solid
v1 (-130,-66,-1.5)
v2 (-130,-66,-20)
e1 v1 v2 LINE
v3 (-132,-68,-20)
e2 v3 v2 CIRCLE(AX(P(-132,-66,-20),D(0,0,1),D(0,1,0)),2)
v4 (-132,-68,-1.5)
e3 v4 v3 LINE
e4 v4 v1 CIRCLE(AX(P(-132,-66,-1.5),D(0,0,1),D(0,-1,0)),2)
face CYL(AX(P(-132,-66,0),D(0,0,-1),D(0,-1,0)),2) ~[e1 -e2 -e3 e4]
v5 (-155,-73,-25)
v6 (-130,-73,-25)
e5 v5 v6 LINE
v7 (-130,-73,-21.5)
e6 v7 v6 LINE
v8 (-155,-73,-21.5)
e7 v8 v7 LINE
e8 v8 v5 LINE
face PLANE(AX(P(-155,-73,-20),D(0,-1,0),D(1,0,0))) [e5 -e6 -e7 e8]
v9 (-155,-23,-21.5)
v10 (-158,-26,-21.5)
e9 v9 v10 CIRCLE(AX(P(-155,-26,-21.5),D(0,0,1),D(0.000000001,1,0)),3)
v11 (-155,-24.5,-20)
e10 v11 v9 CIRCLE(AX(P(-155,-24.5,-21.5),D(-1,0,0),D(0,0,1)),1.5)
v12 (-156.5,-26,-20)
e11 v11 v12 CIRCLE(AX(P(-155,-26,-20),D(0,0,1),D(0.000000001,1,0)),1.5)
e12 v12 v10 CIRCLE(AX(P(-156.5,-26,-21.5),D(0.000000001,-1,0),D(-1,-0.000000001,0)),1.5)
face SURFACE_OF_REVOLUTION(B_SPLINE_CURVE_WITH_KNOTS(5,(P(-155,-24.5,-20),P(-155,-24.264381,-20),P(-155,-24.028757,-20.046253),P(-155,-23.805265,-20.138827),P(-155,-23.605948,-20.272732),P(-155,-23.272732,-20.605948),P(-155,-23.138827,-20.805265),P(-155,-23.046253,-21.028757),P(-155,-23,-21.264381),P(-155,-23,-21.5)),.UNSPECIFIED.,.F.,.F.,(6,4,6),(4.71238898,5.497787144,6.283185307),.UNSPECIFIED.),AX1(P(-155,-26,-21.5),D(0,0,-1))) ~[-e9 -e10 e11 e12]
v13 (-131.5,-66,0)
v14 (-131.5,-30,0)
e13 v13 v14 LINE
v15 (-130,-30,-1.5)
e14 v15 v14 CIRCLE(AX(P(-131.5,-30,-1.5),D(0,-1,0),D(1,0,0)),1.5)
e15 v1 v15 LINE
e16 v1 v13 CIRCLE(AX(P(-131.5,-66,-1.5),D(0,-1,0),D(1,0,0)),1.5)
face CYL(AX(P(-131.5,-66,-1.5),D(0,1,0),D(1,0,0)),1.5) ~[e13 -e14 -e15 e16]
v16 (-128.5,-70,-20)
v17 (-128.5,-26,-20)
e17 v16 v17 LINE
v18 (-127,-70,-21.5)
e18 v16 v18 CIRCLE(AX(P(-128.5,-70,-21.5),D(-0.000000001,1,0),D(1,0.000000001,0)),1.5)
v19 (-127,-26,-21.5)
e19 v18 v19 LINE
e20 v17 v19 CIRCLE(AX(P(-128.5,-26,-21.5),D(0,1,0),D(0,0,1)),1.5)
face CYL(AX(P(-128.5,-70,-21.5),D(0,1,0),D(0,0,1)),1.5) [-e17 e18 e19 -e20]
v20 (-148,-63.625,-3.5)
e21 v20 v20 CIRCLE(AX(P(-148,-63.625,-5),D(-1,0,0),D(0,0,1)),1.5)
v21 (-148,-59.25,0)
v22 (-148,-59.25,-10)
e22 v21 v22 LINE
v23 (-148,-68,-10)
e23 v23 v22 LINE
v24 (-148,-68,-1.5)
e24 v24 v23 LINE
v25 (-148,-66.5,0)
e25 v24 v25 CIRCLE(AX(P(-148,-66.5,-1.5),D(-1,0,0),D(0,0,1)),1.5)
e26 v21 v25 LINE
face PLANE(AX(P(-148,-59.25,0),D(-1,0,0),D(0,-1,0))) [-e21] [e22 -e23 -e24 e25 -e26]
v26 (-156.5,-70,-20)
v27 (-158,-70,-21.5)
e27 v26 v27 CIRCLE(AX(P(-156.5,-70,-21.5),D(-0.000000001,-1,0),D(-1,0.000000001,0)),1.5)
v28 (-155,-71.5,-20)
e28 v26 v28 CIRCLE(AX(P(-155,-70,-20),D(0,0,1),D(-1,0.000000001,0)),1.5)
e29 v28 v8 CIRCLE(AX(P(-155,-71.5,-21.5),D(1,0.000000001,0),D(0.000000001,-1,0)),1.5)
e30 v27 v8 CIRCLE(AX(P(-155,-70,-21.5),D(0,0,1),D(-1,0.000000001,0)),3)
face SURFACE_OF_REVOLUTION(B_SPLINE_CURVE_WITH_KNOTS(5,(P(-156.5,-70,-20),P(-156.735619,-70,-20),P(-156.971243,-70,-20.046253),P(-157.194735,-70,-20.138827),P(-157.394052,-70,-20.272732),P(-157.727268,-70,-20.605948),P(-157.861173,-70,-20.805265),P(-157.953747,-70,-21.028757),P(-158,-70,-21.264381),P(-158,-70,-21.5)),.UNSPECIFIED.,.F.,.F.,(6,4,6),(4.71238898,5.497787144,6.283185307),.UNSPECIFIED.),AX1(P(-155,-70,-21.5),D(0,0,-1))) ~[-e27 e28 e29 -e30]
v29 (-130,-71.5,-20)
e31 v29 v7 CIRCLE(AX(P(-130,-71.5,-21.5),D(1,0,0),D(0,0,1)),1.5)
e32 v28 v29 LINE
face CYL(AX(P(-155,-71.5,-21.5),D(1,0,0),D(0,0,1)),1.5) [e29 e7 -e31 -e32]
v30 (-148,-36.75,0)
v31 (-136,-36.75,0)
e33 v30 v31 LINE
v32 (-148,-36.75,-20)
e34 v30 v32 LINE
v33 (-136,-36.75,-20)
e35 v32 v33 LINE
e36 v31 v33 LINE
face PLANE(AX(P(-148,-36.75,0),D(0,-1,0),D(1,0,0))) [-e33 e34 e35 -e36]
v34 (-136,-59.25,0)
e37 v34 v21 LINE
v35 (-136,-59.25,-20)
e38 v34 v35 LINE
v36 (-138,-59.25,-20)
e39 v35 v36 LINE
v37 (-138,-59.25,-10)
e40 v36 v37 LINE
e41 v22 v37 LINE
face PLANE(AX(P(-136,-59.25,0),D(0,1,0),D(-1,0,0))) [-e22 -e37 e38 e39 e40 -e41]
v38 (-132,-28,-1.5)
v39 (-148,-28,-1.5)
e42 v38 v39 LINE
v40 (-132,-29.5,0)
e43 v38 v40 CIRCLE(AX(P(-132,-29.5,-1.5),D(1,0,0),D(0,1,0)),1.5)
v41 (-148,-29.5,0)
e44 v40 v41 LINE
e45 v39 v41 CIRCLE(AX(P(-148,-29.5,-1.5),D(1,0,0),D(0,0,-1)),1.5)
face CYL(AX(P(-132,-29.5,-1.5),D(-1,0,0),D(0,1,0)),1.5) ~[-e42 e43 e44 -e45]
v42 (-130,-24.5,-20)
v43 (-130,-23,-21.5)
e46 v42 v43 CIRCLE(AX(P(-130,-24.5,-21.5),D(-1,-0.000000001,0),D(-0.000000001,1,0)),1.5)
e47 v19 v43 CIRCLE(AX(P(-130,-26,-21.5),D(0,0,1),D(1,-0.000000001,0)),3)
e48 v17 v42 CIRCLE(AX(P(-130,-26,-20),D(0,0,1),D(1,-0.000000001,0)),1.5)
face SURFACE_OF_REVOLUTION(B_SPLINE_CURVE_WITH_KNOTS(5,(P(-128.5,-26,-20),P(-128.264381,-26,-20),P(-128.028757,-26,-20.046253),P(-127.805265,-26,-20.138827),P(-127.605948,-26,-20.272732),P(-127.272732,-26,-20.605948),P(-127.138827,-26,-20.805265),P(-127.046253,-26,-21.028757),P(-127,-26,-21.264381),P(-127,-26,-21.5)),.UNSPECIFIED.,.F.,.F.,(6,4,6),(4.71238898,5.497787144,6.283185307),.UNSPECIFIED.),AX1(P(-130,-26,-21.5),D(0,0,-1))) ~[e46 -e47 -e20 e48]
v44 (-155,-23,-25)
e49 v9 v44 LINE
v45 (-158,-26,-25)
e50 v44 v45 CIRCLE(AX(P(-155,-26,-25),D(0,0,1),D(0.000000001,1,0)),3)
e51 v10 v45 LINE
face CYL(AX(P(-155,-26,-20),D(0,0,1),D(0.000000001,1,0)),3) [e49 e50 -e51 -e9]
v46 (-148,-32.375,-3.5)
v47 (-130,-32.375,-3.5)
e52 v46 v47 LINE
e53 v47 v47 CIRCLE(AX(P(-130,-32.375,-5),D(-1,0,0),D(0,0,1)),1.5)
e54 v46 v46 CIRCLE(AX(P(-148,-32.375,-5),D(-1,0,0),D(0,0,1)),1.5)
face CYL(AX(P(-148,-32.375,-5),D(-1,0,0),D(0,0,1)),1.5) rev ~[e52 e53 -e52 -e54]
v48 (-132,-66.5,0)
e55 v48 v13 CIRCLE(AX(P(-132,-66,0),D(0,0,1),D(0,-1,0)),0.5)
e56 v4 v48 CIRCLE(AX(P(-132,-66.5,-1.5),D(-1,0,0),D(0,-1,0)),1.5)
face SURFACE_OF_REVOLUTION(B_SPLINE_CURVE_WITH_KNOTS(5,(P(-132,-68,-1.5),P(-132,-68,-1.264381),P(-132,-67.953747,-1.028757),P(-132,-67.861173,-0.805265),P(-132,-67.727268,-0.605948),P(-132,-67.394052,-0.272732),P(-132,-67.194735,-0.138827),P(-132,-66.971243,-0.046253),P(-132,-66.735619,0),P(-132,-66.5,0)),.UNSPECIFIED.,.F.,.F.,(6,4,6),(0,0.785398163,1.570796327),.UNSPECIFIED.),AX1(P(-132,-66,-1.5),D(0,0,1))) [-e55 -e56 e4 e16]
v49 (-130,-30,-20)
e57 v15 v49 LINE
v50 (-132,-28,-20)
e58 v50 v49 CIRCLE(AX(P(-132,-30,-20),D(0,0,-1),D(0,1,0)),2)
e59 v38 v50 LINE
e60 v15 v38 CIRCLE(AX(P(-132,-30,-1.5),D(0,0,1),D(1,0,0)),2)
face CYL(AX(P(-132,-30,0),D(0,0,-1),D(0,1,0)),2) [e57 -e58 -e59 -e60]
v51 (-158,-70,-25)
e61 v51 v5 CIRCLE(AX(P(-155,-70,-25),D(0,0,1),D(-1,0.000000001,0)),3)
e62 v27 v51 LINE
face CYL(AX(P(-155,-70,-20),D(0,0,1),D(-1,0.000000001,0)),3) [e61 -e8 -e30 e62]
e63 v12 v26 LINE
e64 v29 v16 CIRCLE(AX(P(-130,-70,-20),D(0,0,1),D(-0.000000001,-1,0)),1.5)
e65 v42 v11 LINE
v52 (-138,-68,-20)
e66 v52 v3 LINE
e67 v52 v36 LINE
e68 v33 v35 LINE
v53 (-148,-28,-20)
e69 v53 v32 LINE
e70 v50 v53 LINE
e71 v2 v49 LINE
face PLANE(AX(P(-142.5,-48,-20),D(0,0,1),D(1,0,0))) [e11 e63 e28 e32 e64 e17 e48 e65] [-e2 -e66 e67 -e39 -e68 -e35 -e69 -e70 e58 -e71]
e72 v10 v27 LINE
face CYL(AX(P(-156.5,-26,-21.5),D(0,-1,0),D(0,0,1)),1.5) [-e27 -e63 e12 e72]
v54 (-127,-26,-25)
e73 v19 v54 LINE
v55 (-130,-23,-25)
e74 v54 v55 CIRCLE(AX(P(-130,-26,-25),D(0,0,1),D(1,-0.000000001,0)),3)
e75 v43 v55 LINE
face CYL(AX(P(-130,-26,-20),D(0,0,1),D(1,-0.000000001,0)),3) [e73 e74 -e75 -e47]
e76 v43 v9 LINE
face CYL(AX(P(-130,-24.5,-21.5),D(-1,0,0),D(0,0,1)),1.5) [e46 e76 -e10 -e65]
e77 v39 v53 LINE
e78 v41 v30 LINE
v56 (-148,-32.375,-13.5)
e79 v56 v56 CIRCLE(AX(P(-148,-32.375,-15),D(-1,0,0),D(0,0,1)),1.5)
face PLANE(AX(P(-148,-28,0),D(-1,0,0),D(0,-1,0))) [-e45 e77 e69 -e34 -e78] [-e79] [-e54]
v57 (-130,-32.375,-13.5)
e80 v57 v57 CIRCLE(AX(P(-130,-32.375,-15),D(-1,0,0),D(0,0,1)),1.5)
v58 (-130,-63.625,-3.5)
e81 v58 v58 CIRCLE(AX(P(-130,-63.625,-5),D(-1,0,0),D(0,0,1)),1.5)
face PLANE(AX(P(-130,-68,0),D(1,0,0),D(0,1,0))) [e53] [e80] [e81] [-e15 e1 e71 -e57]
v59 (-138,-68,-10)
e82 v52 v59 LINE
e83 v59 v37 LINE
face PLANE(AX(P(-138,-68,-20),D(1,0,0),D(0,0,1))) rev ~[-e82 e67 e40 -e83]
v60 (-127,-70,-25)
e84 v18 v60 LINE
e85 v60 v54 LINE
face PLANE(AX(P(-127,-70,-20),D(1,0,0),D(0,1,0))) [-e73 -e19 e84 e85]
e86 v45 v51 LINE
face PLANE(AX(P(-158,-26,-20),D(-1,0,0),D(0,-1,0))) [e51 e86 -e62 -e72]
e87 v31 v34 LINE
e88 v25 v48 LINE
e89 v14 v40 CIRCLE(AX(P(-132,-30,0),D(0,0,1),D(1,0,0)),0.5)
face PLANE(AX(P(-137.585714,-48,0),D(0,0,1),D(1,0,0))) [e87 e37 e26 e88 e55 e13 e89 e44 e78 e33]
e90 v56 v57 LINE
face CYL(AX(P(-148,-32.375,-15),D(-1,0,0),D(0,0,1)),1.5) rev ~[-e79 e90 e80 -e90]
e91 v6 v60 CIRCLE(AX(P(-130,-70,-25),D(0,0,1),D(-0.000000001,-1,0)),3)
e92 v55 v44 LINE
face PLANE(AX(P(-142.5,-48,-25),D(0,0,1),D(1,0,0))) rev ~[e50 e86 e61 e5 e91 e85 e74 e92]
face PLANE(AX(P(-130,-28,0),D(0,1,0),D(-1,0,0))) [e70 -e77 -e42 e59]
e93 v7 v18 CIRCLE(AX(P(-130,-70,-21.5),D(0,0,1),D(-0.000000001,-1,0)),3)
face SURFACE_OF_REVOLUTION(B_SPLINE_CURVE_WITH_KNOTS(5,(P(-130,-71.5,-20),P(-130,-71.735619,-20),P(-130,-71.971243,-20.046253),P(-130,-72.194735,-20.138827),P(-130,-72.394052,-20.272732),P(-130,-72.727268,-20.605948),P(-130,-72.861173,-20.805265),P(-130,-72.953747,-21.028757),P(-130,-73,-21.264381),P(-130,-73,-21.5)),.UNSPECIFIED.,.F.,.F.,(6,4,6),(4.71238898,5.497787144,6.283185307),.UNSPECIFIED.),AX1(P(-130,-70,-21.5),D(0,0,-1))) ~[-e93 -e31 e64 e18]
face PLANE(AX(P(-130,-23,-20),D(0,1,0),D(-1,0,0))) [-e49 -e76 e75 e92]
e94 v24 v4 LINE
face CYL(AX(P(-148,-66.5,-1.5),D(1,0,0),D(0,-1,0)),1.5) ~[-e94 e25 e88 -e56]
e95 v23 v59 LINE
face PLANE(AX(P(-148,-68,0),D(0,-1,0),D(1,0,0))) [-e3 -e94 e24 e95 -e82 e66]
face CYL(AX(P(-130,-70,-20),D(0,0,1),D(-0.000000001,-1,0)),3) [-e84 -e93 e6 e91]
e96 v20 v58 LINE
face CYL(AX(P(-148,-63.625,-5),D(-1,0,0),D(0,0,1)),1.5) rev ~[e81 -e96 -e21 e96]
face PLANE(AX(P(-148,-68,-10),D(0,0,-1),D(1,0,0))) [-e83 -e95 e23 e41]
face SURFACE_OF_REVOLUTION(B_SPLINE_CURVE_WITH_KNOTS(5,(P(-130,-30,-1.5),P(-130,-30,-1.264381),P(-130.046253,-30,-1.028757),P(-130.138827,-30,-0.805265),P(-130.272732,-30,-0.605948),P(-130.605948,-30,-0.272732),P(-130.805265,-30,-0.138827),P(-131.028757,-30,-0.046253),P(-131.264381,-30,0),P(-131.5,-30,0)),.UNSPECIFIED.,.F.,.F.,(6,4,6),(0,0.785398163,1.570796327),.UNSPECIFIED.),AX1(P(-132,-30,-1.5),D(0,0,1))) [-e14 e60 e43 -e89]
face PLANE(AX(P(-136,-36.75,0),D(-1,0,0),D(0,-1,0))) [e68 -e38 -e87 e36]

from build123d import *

# Parameters (mm, degrees)
BOSS_EXTRUDE1_DEPTH = 20
BOSS_EXTRUDE2_DEPTH = 5
FILLET1_R           = 2
SKETCH4_W           = 10
SKETCH4_H           = 10
CUT_EXTRUDE1_DEPTH  = 8.75
SKETCH5_R           = 1.5
CUT_EXTRUDE2_DEPTH  = 22
FILLET2_R           = 1.5


with BuildPart() as part:
    # Sketch1 → Boss-Extrude1 (new body)
    with BuildSketch(Plane.XY):
        Polygon((-130, -28), (-148, -28), (-148, -36.75), (-136, -36.75), (-136, -59.25), (-148, -59.25), (-148, -68), (-130, -68), align=None)
    extrude(amount=-BOSS_EXTRUDE1_DEPTH)

    # Sketch3 → Boss-Extrude2 (add)
    with BuildSketch(Plane(origin=(0, 0, -20), x_dir=(-1, 0, 0), z_dir=(0, 0, -1))):
        with BuildLine():
            Line((155, -73), (130, -73))
            ThreePointArc((130, -73), (127.878679656, -72.121320344), (127, -70))
            Line((127, -70), (127, -26))
            ThreePointArc((127, -26), (127.878679656, -23.878679656), (130, -23))
            Line((130, -23), (155, -23))
            ThreePointArc((155, -23), (157.121320344, -23.878679656), (158, -26))
            Line((158, -26), (158, -70))
            ThreePointArc((158, -70), (157.121320344, -72.121320344), (155, -73))
        make_face()
    extrude(amount=BOSS_EXTRUDE2_DEPTH)

    # Fillet1
    fillet1_edges = [part.edges().sort_by_distance(p)[0] for p in [
        (-130, -68, -10),
        (-130, -28, -10),
    ]]
    fillet(fillet1_edges, radius=FILLET1_R)

    # Sketch4 → Cut-Extrude1 (cut)
    with BuildSketch(Plane.XZ.offset(68)):
        with Locations((-143, -15)):
            Rectangle(SKETCH4_W, SKETCH4_H)
    extrude(amount=-CUT_EXTRUDE1_DEPTH, mode=Mode.SUBTRACT)

    # Sketch5 → Cut-Extrude2 (cut, through all)
    with BuildSketch(Plane.ZY.offset(148)):
        with Locations((-5, -32.375)):
            Circle(SKETCH5_R)
        with Locations((-15, -32.375)):
            Circle(SKETCH5_R)
        with Locations((-5, -63.625)):
            Circle(SKETCH5_R)
    extrude(amount=-CUT_EXTRUDE2_DEPTH, mode=Mode.SUBTRACT)

    # Fillet2
    fillet2_edges = [part.edges().sort_by_distance(p)[0] for p in [
        (-157.121320344, -72.121320344, -20),
        (-158, -48, -20),
        (-157.121320344, -23.878679656, -20),
        (-142.5, -23, -20),
        (-127.878679656, -23.878679656, -20),
        (-127, -48, -20),
        (-127.878679656, -72.121320344, -20),
        (-142.5, -73, -20),
        (-130, -48, 0),
        (-140, -28, 0),
        (-130.585786438, -67.414213562, 0),
        (-130.585786438, -28.585786438, 0),
        (-140, -68, 0),
    ]]
    fillet(fillet2_edges, radius=FILLET2_R)


solid = part.part
